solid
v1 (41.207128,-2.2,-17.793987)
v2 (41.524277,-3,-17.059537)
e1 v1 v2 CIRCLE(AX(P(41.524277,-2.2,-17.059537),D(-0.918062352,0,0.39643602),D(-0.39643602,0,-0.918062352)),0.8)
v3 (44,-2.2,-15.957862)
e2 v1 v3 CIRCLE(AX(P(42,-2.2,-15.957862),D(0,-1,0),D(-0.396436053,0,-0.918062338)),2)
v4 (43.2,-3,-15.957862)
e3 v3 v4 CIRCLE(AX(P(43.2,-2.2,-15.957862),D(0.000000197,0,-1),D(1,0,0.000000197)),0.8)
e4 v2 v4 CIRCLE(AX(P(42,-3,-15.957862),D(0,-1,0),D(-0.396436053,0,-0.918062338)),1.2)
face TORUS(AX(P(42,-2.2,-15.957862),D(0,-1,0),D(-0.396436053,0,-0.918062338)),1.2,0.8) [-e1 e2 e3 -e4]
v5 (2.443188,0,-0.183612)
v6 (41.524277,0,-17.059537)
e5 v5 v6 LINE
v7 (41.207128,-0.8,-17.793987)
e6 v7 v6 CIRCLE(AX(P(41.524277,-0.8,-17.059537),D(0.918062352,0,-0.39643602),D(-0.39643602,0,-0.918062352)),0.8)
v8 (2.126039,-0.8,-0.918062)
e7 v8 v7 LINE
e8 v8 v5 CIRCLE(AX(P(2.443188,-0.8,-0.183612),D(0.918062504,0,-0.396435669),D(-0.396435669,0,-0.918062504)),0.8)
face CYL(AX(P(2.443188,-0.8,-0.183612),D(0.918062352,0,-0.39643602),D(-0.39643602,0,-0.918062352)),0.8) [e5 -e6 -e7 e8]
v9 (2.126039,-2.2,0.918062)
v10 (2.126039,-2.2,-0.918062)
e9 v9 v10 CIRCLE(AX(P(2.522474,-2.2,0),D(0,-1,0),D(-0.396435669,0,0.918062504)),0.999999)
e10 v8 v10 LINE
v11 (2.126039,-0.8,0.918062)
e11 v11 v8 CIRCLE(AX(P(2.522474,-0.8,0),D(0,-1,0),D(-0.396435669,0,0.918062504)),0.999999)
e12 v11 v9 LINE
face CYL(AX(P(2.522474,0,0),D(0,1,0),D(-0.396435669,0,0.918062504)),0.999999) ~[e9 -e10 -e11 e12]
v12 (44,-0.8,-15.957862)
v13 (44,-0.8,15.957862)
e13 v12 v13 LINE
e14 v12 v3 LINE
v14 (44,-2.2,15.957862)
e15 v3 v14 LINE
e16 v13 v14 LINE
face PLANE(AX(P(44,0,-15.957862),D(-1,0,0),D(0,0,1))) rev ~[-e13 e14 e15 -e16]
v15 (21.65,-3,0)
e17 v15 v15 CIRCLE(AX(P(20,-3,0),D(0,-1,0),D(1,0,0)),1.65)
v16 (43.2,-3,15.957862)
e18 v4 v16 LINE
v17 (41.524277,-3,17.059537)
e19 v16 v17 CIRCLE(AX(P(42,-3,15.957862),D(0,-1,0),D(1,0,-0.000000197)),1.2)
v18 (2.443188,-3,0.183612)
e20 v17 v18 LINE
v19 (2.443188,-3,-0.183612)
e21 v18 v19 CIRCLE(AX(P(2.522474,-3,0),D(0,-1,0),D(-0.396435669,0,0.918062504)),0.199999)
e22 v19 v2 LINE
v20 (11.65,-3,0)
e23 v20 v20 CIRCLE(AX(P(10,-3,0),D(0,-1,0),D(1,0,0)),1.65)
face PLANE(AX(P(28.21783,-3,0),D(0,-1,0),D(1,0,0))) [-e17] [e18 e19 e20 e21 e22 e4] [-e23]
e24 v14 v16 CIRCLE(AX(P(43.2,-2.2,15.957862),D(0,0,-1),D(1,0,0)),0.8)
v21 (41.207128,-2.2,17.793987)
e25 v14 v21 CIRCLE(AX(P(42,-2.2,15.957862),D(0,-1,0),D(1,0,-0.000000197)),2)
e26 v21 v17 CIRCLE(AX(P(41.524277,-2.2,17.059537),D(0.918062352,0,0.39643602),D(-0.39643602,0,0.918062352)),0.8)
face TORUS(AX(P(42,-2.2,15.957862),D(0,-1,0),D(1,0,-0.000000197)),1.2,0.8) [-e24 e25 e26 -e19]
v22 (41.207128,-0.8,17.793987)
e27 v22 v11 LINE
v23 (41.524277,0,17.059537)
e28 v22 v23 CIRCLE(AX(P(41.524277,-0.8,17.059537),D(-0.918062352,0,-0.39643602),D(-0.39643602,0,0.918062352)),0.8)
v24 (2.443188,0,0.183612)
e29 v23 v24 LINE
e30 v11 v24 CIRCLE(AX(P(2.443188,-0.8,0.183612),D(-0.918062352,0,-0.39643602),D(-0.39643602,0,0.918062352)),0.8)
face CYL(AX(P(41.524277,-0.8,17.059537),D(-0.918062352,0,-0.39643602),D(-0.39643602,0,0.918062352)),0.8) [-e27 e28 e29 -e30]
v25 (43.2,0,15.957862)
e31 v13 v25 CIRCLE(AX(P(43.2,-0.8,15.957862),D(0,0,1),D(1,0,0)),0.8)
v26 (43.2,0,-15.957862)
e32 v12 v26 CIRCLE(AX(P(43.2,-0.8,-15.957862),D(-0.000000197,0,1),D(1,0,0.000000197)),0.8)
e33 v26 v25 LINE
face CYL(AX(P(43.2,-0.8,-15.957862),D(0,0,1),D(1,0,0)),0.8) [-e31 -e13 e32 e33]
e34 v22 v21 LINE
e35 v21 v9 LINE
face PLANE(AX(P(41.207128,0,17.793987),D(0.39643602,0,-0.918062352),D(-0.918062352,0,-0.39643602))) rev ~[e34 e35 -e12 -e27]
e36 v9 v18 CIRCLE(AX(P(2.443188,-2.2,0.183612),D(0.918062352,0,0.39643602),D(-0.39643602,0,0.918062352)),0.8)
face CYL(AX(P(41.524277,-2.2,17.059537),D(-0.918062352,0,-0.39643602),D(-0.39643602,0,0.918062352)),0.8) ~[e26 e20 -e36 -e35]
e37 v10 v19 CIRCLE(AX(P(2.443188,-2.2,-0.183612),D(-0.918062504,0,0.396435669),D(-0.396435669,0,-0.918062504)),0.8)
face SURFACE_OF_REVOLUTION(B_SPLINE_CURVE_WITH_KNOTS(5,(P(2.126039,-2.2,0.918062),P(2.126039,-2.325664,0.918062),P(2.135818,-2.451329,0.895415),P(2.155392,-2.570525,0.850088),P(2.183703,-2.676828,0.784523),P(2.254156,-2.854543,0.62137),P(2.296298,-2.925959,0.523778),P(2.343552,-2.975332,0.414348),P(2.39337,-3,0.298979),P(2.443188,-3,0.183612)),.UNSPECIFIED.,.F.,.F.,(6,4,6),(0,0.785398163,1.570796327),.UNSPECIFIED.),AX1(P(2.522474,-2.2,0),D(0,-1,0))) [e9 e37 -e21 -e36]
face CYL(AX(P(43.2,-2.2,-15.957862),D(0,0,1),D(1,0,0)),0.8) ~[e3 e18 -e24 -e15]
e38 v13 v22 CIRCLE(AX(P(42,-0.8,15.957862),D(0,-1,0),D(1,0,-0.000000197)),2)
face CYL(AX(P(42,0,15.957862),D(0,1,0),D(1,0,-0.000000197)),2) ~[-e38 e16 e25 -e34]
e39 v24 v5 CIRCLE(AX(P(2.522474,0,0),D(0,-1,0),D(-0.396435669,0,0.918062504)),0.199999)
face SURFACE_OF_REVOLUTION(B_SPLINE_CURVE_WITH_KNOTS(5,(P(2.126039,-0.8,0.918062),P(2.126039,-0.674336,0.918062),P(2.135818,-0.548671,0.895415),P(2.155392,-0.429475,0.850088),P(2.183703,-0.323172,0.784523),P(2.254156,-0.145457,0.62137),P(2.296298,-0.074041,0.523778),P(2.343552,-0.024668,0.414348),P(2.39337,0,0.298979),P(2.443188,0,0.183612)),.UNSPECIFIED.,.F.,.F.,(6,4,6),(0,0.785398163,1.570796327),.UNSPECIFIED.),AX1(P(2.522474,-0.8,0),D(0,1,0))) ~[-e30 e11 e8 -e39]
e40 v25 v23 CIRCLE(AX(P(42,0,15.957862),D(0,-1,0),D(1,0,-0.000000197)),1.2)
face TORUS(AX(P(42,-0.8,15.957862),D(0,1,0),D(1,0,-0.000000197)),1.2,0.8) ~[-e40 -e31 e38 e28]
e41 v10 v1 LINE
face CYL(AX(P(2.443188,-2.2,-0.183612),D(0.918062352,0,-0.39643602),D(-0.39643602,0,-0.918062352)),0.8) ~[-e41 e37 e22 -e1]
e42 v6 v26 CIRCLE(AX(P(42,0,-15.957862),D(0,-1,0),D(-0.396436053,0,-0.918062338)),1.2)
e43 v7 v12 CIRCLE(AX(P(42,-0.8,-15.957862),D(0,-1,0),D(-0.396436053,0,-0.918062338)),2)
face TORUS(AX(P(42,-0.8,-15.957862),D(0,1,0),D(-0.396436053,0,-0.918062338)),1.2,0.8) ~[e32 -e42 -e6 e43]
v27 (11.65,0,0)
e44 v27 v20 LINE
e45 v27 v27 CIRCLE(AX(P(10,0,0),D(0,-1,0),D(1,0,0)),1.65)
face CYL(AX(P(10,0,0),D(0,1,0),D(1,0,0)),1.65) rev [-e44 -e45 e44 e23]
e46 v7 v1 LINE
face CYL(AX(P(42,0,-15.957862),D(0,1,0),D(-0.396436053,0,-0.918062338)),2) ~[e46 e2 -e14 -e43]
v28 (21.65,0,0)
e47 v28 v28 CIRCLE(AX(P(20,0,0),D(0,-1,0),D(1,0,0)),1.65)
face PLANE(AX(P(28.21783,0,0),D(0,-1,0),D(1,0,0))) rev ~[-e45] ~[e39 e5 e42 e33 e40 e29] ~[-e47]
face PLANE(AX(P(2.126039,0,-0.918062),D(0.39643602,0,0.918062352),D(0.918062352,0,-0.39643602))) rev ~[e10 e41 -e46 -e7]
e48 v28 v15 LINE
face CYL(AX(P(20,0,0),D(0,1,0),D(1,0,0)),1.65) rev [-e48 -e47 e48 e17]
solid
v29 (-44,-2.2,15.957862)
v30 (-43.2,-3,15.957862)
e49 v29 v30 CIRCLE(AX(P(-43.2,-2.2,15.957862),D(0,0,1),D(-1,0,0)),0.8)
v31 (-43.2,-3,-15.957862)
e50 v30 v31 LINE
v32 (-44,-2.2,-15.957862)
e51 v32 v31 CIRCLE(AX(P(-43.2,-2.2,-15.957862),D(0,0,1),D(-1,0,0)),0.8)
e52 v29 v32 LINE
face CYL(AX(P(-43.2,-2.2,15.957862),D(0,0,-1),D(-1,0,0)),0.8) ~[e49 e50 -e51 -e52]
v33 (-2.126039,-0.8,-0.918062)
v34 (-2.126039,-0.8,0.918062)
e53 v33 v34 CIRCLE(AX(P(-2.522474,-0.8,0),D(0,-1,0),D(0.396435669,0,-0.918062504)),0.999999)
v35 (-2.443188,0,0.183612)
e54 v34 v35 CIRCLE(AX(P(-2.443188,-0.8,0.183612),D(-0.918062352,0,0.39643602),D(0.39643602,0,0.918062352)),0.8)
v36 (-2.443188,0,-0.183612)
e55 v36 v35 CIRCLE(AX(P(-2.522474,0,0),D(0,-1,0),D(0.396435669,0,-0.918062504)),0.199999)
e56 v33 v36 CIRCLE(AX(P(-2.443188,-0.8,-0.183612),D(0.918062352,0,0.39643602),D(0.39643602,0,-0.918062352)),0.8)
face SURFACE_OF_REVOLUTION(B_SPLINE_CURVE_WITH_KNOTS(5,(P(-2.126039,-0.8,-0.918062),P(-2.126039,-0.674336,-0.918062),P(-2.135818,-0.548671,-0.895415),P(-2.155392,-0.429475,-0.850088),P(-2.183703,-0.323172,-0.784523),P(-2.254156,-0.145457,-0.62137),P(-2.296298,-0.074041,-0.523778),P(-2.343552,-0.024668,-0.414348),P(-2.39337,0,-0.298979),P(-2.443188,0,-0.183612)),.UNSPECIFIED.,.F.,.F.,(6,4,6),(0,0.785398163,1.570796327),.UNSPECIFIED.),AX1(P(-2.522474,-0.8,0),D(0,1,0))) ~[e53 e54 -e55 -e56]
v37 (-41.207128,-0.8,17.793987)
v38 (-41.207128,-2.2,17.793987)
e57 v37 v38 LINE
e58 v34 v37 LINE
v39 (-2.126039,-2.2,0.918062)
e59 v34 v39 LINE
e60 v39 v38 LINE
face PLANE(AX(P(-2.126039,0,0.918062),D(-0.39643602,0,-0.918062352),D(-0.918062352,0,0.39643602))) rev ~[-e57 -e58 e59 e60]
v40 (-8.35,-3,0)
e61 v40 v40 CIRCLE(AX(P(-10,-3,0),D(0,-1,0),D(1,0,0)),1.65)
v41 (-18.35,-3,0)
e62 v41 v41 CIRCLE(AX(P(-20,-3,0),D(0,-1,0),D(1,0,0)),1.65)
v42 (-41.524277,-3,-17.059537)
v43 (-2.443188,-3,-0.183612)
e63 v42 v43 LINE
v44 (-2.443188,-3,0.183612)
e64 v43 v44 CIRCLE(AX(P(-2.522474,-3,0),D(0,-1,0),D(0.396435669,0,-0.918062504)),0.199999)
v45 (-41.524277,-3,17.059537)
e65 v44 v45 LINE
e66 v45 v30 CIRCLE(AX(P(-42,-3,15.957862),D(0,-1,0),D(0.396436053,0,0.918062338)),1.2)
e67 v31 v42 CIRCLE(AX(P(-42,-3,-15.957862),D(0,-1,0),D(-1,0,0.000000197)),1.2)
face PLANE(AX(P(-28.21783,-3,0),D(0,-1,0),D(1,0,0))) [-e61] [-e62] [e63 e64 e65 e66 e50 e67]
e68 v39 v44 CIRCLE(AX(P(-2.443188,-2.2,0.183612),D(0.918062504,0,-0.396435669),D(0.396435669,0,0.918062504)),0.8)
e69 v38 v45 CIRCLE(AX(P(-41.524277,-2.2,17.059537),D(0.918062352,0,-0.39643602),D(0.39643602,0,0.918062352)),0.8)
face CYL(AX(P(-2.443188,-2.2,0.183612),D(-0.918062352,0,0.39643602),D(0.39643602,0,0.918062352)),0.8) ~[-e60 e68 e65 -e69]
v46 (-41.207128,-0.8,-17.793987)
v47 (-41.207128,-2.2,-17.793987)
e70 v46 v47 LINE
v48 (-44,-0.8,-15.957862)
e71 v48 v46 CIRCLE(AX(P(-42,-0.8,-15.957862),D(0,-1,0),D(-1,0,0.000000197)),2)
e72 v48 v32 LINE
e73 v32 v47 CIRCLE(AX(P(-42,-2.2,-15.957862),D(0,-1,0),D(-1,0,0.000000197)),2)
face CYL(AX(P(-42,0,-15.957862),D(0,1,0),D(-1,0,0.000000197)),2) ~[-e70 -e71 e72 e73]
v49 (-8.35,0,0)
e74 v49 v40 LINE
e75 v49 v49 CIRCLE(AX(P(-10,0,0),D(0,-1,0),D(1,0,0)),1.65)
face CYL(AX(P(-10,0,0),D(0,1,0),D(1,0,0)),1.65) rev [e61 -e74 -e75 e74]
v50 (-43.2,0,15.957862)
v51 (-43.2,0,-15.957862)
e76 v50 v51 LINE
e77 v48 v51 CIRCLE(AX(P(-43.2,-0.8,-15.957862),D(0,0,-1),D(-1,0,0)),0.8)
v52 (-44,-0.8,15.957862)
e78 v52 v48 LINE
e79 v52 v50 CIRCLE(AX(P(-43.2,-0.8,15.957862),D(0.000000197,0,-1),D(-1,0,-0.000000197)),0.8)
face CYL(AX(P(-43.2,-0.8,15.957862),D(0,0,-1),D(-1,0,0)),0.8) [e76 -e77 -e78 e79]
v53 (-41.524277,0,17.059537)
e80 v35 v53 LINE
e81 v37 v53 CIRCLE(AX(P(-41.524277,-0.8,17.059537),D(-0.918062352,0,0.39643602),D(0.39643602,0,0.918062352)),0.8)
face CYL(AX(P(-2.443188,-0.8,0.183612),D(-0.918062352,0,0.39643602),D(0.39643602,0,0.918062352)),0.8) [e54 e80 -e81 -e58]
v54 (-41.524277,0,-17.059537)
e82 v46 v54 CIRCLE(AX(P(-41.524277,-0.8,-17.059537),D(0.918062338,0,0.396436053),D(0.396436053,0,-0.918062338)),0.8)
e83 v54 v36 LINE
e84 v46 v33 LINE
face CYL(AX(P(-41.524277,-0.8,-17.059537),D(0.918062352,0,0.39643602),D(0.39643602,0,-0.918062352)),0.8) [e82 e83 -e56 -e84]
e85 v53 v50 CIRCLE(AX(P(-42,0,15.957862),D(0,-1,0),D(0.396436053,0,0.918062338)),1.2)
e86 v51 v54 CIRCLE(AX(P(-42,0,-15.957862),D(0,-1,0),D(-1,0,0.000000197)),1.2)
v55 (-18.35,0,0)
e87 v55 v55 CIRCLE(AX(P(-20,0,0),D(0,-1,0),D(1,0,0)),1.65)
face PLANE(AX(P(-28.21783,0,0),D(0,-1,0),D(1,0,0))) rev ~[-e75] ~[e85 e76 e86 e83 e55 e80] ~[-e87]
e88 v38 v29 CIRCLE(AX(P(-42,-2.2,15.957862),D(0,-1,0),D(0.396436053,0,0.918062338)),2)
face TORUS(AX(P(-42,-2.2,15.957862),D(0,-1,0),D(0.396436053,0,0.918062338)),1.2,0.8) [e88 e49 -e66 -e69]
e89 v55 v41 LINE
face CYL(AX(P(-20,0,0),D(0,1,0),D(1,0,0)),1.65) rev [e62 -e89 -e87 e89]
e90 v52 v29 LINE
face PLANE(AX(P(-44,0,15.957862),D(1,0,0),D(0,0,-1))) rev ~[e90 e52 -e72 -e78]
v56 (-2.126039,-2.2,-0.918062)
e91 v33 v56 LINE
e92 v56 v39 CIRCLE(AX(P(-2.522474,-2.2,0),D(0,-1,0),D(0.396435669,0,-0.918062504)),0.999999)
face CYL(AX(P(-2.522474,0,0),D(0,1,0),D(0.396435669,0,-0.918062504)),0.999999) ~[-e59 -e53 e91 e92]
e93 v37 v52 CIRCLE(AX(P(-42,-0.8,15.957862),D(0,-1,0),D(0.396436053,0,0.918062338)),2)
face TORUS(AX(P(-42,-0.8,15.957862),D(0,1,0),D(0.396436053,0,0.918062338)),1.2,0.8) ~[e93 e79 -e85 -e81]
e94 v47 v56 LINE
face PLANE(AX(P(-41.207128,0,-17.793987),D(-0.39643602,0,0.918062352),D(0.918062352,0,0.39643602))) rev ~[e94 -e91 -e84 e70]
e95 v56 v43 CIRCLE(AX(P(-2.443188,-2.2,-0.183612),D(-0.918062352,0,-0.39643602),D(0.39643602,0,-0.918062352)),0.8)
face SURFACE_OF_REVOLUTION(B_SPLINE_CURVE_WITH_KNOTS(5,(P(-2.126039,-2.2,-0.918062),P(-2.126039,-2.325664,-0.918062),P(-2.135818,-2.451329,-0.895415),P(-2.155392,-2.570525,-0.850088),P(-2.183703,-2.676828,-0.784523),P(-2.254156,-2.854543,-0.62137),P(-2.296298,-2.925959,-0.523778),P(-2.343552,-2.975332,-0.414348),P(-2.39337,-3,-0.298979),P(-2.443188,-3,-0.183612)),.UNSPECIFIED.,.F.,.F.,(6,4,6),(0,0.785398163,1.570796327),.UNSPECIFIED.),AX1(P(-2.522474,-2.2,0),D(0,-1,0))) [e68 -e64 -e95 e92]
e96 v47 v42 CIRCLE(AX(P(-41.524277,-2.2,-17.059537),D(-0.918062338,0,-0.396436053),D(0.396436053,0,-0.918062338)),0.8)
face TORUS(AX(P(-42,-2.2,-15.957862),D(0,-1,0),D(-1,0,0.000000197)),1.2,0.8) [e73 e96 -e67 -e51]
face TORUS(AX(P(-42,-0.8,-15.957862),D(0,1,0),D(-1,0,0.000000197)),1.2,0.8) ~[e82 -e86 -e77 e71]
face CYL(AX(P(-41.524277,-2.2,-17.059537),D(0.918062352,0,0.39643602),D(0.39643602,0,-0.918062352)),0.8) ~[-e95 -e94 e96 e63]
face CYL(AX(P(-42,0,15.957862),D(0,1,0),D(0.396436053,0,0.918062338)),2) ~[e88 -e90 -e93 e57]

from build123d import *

# Parameters (mm, degrees)
F0_R     = 1.65
F1_DEPTH = 3
F2_R     = 0.8


with BuildPart() as f1:
    # F0 (on Front) → F1 (new body)
    with BuildSketch(Plane.XZ):
        with BuildLine():
            ThreePointArc((-2.126039, -0.918062), (-1.522475, 0), (-2.126039, 0.918062))
            Line((-2.126039, 0.918062), (-41.207128, 17.793987))
            ThreePointArc((-41.207128, 17.793987), (-43.098694, 17.629051), (-44, 15.957862))
            Line((-44, 15.957862), (-44, -15.957862))
            ThreePointArc((-44, -15.957862), (-43.098694, -17.629051), (-41.207128, -17.793987))
            Line((-41.207128, -17.793987), (-2.126039, -0.918062))
        make_face()
        with Locations((-20, 0)):
            Circle(F0_R, mode=Mode.SUBTRACT)
        with Locations((-10, 0)):
            Circle(F0_R, mode=Mode.SUBTRACT)
        with BuildLine():
            Line((41.207128, 17.793987), (2.126039, 0.918062))
            ThreePointArc((2.126039, 0.918062), (1.522475, 0), (2.126039, -0.918062))
            Line((2.126039, -0.918062), (41.207128, -17.793987))
            ThreePointArc((41.207128, -17.793987), (43.098694, -17.629051), (44, -15.957862))
            Line((44, -15.957862), (44, 15.957862))
            ThreePointArc((44, 15.957862), (43.098694, 17.629051), (41.207128, 17.793987))
        make_face()
        with Locations((10, 0)):
            Circle(F0_R, mode=Mode.SUBTRACT)
        with Locations((20, 0)):
            Circle(F0_R, mode=Mode.SUBTRACT)
    extrude(amount=F1_DEPTH)

    # F2
    f2_edges = [f1.edges().sort_by_distance(p)[0] for p in [
        (-44, -3, 0),
        (-21.666584, 0, 9.356025),
        (21.666584, 0, 9.356025),
        (21.666584, -3, 9.356025),
    ]]
    fillet(f2_edges, radius=F2_R)


solid = f1.part
